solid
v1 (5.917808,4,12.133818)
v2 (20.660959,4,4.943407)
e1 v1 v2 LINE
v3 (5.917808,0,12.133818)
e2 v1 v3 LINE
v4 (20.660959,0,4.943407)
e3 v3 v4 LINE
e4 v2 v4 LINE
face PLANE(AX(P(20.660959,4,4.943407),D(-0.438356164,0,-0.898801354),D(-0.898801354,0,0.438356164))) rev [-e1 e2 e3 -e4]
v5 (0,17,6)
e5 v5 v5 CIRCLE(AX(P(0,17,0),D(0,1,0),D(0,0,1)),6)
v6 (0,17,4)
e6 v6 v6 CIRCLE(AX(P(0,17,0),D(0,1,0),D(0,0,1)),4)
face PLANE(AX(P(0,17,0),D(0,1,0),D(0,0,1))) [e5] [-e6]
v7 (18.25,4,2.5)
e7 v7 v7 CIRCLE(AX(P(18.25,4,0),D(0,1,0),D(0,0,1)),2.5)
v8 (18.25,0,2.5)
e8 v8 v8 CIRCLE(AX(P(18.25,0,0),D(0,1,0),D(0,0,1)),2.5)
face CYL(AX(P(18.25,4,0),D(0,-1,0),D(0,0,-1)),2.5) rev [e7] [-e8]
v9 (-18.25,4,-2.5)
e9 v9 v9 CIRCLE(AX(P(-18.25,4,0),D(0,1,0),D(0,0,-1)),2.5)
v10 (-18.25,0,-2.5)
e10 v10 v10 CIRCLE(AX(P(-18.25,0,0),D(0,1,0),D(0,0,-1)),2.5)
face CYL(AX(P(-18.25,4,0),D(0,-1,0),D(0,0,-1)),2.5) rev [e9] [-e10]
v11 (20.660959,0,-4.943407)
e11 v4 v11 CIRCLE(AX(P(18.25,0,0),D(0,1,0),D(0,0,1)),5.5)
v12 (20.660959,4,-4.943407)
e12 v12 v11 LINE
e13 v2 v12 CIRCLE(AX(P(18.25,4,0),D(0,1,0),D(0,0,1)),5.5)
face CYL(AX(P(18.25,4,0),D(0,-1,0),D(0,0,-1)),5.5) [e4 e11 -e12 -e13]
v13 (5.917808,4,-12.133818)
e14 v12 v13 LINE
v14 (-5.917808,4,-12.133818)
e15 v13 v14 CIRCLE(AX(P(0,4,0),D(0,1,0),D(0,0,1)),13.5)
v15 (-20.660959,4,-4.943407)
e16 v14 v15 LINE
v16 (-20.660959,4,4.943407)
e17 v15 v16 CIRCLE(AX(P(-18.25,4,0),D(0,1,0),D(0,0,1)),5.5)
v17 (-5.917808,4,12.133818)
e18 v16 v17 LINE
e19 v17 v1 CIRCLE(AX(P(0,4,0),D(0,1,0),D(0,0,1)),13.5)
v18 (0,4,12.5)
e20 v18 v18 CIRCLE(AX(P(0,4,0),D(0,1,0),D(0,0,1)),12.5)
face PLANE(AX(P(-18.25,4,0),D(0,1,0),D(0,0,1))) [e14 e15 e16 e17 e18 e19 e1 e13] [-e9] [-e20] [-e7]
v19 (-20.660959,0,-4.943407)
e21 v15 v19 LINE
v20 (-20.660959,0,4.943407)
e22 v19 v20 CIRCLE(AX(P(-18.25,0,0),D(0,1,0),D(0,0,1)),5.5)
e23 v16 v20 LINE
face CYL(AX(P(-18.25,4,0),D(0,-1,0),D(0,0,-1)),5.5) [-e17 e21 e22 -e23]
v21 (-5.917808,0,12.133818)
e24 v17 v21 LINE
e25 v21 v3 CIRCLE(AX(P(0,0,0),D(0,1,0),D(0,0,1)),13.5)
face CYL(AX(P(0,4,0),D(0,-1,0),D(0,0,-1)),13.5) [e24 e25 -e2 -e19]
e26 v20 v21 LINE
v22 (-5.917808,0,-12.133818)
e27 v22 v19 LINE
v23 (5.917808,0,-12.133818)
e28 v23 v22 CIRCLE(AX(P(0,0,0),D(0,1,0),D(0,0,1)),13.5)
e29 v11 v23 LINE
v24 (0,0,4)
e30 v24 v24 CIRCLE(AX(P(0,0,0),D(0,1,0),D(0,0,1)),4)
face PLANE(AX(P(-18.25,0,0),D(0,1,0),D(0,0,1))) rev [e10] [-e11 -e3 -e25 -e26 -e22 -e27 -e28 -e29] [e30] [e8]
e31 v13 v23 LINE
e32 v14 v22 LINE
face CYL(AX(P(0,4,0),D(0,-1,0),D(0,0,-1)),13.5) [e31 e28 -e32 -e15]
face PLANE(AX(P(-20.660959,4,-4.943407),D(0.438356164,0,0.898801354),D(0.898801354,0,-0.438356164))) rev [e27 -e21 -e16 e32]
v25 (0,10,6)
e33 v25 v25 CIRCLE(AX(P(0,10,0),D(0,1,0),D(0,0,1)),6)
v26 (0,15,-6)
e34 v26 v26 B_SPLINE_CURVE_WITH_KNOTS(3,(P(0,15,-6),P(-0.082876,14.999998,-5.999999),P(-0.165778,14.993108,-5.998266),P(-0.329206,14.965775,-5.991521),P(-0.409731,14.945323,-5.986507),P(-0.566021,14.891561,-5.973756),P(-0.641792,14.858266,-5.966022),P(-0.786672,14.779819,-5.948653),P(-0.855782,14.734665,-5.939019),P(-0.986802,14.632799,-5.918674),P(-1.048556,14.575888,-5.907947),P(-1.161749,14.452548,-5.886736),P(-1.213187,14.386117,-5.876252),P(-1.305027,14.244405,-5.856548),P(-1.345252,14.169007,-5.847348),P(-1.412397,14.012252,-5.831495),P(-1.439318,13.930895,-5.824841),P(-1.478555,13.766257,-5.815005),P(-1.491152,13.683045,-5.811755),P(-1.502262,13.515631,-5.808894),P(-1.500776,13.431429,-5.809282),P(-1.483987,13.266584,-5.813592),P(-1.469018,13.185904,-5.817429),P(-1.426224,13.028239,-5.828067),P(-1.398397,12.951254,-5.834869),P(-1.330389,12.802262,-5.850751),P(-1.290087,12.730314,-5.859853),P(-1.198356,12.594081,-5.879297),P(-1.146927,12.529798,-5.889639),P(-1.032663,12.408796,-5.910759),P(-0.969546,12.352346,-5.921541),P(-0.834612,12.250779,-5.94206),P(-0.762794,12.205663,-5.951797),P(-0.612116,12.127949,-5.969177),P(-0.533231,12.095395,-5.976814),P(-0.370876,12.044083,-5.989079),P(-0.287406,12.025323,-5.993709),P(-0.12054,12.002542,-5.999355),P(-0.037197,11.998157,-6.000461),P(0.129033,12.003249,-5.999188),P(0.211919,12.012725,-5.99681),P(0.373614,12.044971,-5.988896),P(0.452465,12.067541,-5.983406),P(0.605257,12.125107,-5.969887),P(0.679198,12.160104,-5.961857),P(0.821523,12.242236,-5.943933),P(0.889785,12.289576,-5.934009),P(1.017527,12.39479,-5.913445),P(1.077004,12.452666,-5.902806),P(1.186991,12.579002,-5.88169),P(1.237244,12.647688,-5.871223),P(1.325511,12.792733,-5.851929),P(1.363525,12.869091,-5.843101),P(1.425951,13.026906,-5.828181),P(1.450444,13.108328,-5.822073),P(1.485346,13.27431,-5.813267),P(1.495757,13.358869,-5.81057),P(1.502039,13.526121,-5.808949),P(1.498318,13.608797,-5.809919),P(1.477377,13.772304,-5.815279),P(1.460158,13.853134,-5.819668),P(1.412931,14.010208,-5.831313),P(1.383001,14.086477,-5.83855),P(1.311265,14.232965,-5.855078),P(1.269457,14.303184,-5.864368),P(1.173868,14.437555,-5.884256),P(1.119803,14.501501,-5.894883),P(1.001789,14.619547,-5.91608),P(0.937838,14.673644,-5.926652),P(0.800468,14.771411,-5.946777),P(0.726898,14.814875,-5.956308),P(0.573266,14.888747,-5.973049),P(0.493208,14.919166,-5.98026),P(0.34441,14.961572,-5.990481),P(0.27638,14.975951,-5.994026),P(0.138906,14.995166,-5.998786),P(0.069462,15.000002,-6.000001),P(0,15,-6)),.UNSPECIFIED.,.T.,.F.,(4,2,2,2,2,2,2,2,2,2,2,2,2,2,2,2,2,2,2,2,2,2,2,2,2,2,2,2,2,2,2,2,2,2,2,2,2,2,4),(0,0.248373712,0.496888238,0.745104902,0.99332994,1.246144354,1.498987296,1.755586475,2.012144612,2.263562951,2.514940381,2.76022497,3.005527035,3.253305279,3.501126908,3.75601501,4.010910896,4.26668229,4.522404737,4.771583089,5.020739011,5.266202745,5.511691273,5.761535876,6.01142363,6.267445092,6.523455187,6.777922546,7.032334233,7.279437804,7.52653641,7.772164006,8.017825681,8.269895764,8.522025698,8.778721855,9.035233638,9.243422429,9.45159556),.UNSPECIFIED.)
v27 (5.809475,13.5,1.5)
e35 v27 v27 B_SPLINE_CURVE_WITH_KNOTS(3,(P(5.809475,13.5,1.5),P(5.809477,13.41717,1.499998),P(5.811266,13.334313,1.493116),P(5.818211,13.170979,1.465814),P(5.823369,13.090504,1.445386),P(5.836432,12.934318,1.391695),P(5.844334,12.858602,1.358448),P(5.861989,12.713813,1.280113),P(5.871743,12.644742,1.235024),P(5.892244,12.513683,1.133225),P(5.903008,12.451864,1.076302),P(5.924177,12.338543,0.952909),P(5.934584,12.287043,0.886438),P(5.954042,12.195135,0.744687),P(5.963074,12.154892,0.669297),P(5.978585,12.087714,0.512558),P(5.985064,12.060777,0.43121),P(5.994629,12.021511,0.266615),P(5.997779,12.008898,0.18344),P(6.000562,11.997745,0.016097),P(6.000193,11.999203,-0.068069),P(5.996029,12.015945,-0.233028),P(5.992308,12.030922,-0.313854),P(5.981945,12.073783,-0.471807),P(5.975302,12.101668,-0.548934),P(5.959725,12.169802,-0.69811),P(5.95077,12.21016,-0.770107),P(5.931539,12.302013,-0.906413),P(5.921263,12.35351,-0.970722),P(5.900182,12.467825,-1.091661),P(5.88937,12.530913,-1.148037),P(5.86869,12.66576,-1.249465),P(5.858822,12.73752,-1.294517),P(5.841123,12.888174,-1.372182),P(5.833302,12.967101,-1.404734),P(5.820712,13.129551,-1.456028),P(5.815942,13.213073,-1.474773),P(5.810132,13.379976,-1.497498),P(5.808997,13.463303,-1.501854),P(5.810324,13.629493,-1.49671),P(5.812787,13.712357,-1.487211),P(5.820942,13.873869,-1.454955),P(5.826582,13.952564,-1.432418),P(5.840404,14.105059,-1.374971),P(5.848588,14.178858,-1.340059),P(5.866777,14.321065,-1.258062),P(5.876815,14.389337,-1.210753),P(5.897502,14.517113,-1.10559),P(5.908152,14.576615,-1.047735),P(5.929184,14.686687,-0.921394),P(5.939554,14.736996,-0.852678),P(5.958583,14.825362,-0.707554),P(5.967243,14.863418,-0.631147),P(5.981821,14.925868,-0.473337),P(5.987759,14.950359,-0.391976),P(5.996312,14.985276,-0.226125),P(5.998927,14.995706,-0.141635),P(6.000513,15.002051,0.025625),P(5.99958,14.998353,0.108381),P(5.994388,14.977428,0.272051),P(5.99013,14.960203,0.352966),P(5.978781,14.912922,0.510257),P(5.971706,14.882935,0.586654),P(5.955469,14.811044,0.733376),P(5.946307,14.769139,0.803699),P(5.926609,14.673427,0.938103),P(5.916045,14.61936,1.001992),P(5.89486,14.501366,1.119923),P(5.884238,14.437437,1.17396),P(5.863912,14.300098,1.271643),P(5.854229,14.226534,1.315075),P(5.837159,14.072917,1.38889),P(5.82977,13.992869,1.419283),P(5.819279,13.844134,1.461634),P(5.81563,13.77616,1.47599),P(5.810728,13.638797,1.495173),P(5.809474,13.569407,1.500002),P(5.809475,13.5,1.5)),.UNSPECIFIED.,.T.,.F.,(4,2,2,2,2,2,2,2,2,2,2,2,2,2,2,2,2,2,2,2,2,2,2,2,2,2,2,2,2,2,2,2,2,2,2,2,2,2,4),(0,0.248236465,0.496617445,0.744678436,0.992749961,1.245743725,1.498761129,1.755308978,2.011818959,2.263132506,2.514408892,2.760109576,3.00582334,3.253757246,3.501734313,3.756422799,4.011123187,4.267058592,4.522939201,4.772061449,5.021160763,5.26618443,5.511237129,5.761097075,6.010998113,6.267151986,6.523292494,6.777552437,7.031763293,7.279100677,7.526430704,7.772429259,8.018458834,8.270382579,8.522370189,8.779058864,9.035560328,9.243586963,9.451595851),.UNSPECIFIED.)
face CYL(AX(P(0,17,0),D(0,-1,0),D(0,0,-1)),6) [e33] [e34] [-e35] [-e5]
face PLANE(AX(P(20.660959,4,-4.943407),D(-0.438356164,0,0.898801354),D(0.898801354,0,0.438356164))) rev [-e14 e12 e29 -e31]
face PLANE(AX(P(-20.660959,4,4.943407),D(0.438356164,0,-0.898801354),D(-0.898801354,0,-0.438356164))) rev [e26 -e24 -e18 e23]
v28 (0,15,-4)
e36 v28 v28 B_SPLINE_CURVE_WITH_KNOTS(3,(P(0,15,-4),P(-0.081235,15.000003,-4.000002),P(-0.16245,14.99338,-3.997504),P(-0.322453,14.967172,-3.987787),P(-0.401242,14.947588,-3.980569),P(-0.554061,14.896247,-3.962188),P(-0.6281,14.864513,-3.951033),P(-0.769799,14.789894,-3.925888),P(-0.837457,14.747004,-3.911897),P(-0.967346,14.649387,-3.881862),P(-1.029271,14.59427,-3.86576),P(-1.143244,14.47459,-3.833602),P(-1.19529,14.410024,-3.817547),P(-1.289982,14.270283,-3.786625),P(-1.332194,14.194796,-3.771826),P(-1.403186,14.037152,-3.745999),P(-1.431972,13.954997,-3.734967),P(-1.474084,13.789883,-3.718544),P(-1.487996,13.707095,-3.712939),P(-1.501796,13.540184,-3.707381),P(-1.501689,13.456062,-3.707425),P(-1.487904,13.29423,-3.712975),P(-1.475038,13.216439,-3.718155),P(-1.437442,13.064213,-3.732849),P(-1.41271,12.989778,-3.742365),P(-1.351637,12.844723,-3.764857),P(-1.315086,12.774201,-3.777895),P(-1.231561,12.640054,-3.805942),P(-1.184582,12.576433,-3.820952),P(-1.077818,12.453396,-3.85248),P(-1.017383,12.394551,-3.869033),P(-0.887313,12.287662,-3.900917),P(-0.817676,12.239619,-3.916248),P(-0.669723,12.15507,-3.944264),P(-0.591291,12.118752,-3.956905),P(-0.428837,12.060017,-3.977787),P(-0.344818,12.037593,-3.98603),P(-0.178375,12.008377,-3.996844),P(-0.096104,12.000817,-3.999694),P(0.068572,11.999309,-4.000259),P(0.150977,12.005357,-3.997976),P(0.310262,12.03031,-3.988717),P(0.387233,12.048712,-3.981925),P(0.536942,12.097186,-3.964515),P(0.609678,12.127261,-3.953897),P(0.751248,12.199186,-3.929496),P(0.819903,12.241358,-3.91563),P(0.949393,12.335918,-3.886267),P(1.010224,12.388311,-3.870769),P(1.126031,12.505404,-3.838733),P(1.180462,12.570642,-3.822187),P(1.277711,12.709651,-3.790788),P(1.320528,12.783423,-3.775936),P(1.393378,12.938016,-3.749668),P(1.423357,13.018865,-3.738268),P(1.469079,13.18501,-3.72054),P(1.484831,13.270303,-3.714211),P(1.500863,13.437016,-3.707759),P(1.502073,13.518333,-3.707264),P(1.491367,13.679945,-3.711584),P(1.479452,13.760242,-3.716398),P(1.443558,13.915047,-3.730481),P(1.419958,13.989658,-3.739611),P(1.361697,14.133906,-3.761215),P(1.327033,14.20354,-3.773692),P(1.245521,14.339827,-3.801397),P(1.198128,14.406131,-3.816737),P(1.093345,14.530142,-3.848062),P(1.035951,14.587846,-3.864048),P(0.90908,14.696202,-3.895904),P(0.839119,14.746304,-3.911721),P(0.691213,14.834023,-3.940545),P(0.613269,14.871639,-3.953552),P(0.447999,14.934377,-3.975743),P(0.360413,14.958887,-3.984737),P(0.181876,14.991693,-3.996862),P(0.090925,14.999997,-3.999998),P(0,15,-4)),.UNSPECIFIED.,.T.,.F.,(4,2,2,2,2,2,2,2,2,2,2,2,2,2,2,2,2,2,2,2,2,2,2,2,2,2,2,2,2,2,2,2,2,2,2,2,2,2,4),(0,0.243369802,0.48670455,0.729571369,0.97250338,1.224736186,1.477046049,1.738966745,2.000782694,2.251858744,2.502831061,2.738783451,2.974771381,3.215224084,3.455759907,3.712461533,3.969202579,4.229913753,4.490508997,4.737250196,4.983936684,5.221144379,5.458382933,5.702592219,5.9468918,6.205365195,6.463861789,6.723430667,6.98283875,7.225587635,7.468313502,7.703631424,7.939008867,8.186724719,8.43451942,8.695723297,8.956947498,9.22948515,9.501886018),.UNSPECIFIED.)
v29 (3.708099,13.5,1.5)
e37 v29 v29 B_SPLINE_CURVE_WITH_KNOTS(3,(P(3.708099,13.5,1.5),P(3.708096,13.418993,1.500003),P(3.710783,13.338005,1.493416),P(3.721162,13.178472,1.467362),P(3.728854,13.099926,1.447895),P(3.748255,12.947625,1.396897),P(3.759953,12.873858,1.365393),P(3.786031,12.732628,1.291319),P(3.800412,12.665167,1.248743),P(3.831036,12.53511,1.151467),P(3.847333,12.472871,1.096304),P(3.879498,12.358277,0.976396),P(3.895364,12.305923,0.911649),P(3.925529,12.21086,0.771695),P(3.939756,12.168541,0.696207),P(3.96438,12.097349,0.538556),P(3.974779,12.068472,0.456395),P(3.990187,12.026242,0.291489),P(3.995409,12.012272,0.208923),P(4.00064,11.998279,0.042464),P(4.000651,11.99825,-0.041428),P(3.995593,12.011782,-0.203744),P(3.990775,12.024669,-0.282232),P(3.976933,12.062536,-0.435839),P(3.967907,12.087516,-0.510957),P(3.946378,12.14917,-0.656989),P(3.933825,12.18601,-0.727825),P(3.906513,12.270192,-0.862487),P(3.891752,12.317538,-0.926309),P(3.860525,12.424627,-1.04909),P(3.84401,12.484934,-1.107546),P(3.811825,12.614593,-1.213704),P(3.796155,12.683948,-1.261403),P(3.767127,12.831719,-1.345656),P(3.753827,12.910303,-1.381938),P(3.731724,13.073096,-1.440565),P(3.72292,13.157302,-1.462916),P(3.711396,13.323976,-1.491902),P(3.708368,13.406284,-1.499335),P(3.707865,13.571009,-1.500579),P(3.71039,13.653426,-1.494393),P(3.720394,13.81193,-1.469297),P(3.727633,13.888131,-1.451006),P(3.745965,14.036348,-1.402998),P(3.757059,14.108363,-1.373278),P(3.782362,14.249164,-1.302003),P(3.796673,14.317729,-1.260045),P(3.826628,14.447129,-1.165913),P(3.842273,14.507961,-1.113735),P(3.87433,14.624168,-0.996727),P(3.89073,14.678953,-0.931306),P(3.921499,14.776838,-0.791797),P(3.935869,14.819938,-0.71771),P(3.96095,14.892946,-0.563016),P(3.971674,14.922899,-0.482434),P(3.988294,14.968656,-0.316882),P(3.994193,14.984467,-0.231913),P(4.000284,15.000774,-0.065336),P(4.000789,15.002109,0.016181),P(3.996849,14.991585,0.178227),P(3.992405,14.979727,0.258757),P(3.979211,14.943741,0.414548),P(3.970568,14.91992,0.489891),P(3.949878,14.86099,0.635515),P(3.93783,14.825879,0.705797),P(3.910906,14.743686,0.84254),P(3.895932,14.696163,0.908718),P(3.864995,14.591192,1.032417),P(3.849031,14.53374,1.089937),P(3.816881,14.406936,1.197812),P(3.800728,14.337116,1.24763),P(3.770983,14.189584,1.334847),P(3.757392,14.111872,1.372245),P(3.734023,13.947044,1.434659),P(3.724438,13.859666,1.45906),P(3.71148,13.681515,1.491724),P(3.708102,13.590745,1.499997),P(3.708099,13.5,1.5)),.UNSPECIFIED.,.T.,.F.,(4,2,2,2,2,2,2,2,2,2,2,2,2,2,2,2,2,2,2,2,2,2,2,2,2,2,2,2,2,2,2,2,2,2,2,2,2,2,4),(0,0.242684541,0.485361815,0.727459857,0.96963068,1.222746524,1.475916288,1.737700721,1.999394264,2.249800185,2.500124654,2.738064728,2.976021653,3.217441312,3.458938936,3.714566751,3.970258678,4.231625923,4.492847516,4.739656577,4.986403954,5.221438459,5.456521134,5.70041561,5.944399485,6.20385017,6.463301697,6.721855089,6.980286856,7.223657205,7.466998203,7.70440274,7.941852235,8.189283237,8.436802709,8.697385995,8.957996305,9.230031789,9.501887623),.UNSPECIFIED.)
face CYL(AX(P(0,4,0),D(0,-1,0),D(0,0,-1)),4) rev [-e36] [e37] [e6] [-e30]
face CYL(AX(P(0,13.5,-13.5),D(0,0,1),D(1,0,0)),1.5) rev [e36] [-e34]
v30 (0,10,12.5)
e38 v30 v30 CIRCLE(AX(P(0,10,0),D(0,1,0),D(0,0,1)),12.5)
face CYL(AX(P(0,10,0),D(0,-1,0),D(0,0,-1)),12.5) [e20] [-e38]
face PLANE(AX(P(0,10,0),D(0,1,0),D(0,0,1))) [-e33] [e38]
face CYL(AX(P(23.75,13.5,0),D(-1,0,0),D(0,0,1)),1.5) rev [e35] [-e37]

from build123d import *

# Parameters (mm, degrees)
SKETCH1_R           = 2.5
SKETCH1_R_2         = 4
BOSS_EXTRUDE1_DEPTH = 4
SKETCH2_R           = 12.5
SKETCH2_R_2         = 4
BOSS_EXTRUDE2_DEPTH = 6
SKETCH3_R           = 6
SKETCH3_R_2         = 4
BOSS_EXTRUDE3_DEPTH = 7
SKETCH4_R           = 1.5
CUT_EXTRUDE1_DEPTH  = 33.176272314


with BuildPart() as part:
    # Sketch1 → Boss-Extrude1 (new body)
    with BuildSketch(Plane(origin=(0, 0, 0), x_dir=(1, 0, 0), z_dir=(0, 1, 0))):
        with BuildLine():
            Line((-20.660958904, 4.943407445), (-5.917808219, 12.133818273))
            ThreePointArc((-5.917808219, 12.133818273), (0, 13.5), (5.917808219, 12.133818273))
            Line((5.917808219, 12.133818273), (20.660958904, 4.943407445))
            ThreePointArc((20.660958904, 4.943407445), (23.75, 0), (20.660958904, -4.943407445))
            Line((20.660958904, -4.943407445), (5.917808219, -12.133818273))
            ThreePointArc((5.917808219, -12.133818273), (0, -13.5), (-5.917808219, -12.133818273))
            Line((-5.917808219, -12.133818273), (-20.660958904, -4.943407445))
            ThreePointArc((-20.660958904, -4.943407445), (-23.75, 0), (-20.660958904, 4.943407445))
        make_face()
        with Locations(Location((18.25, 0, 0), (0, 0, 270))):
            Circle(SKETCH1_R, mode=Mode.SUBTRACT)
        with Locations(Location((-18.25, 0, 0), (0, 0, 90))):
            Circle(SKETCH1_R, mode=Mode.SUBTRACT)
        with Locations(Location((0, 0, 0), (0, 0, 270))):
            Circle(SKETCH1_R_2, mode=Mode.SUBTRACT)
    extrude(amount=BOSS_EXTRUDE1_DEPTH)

    # Sketch2 → Boss-Extrude2 (add)
    with BuildSketch(Plane(origin=(0, 4, 0), x_dir=(1, 0, 0), z_dir=(0, 1, 0))):
        with Locations(Location((0, 0, 0), (0, 0, 270))):
            Circle(SKETCH2_R)
        with Locations(Location((0, 0, 0), (0, 0, 270))):
            Circle(SKETCH2_R_2, mode=Mode.SUBTRACT)
    extrude(amount=BOSS_EXTRUDE2_DEPTH)

    # Sketch3 → Boss-Extrude3 (add)
    with BuildSketch(Plane(origin=(0, 10, 0), x_dir=(1, 0, 0), z_dir=(0, 1, 0))):
        with Locations(Location((0, 0, 0), (0, 0, 270))):
            Circle(SKETCH3_R)
        with Locations(Location((0, 0, 0), (0, 0, 270))):
            Circle(SKETCH3_R_2, mode=Mode.SUBTRACT)
    extrude(amount=BOSS_EXTRUDE3_DEPTH)

    # Sketch4 → Cut-Extrude1 (cut, through all)
    with BuildSketch(Plane.XY):
        with Locations(Location((0, 13.5, 0), (0, 0, 90))):
            Circle(SKETCH4_R)
    cut_extrude1 = extrude(amount=-CUT_EXTRUDE1_DEPTH, mode=Mode.SUBTRACT)

    # Mirror1: Cut-Extrude1 across plane
    add(cut_extrude1.mirror(Plane(origin=(0, 0, 0), x_dir=(-0.7071067811865478, 0, 0.7071067811865472), z_dir=(0.7071067811865475, 0, 0.7071067811865477))), mode=Mode.SUBTRACT)


solid = part.part
